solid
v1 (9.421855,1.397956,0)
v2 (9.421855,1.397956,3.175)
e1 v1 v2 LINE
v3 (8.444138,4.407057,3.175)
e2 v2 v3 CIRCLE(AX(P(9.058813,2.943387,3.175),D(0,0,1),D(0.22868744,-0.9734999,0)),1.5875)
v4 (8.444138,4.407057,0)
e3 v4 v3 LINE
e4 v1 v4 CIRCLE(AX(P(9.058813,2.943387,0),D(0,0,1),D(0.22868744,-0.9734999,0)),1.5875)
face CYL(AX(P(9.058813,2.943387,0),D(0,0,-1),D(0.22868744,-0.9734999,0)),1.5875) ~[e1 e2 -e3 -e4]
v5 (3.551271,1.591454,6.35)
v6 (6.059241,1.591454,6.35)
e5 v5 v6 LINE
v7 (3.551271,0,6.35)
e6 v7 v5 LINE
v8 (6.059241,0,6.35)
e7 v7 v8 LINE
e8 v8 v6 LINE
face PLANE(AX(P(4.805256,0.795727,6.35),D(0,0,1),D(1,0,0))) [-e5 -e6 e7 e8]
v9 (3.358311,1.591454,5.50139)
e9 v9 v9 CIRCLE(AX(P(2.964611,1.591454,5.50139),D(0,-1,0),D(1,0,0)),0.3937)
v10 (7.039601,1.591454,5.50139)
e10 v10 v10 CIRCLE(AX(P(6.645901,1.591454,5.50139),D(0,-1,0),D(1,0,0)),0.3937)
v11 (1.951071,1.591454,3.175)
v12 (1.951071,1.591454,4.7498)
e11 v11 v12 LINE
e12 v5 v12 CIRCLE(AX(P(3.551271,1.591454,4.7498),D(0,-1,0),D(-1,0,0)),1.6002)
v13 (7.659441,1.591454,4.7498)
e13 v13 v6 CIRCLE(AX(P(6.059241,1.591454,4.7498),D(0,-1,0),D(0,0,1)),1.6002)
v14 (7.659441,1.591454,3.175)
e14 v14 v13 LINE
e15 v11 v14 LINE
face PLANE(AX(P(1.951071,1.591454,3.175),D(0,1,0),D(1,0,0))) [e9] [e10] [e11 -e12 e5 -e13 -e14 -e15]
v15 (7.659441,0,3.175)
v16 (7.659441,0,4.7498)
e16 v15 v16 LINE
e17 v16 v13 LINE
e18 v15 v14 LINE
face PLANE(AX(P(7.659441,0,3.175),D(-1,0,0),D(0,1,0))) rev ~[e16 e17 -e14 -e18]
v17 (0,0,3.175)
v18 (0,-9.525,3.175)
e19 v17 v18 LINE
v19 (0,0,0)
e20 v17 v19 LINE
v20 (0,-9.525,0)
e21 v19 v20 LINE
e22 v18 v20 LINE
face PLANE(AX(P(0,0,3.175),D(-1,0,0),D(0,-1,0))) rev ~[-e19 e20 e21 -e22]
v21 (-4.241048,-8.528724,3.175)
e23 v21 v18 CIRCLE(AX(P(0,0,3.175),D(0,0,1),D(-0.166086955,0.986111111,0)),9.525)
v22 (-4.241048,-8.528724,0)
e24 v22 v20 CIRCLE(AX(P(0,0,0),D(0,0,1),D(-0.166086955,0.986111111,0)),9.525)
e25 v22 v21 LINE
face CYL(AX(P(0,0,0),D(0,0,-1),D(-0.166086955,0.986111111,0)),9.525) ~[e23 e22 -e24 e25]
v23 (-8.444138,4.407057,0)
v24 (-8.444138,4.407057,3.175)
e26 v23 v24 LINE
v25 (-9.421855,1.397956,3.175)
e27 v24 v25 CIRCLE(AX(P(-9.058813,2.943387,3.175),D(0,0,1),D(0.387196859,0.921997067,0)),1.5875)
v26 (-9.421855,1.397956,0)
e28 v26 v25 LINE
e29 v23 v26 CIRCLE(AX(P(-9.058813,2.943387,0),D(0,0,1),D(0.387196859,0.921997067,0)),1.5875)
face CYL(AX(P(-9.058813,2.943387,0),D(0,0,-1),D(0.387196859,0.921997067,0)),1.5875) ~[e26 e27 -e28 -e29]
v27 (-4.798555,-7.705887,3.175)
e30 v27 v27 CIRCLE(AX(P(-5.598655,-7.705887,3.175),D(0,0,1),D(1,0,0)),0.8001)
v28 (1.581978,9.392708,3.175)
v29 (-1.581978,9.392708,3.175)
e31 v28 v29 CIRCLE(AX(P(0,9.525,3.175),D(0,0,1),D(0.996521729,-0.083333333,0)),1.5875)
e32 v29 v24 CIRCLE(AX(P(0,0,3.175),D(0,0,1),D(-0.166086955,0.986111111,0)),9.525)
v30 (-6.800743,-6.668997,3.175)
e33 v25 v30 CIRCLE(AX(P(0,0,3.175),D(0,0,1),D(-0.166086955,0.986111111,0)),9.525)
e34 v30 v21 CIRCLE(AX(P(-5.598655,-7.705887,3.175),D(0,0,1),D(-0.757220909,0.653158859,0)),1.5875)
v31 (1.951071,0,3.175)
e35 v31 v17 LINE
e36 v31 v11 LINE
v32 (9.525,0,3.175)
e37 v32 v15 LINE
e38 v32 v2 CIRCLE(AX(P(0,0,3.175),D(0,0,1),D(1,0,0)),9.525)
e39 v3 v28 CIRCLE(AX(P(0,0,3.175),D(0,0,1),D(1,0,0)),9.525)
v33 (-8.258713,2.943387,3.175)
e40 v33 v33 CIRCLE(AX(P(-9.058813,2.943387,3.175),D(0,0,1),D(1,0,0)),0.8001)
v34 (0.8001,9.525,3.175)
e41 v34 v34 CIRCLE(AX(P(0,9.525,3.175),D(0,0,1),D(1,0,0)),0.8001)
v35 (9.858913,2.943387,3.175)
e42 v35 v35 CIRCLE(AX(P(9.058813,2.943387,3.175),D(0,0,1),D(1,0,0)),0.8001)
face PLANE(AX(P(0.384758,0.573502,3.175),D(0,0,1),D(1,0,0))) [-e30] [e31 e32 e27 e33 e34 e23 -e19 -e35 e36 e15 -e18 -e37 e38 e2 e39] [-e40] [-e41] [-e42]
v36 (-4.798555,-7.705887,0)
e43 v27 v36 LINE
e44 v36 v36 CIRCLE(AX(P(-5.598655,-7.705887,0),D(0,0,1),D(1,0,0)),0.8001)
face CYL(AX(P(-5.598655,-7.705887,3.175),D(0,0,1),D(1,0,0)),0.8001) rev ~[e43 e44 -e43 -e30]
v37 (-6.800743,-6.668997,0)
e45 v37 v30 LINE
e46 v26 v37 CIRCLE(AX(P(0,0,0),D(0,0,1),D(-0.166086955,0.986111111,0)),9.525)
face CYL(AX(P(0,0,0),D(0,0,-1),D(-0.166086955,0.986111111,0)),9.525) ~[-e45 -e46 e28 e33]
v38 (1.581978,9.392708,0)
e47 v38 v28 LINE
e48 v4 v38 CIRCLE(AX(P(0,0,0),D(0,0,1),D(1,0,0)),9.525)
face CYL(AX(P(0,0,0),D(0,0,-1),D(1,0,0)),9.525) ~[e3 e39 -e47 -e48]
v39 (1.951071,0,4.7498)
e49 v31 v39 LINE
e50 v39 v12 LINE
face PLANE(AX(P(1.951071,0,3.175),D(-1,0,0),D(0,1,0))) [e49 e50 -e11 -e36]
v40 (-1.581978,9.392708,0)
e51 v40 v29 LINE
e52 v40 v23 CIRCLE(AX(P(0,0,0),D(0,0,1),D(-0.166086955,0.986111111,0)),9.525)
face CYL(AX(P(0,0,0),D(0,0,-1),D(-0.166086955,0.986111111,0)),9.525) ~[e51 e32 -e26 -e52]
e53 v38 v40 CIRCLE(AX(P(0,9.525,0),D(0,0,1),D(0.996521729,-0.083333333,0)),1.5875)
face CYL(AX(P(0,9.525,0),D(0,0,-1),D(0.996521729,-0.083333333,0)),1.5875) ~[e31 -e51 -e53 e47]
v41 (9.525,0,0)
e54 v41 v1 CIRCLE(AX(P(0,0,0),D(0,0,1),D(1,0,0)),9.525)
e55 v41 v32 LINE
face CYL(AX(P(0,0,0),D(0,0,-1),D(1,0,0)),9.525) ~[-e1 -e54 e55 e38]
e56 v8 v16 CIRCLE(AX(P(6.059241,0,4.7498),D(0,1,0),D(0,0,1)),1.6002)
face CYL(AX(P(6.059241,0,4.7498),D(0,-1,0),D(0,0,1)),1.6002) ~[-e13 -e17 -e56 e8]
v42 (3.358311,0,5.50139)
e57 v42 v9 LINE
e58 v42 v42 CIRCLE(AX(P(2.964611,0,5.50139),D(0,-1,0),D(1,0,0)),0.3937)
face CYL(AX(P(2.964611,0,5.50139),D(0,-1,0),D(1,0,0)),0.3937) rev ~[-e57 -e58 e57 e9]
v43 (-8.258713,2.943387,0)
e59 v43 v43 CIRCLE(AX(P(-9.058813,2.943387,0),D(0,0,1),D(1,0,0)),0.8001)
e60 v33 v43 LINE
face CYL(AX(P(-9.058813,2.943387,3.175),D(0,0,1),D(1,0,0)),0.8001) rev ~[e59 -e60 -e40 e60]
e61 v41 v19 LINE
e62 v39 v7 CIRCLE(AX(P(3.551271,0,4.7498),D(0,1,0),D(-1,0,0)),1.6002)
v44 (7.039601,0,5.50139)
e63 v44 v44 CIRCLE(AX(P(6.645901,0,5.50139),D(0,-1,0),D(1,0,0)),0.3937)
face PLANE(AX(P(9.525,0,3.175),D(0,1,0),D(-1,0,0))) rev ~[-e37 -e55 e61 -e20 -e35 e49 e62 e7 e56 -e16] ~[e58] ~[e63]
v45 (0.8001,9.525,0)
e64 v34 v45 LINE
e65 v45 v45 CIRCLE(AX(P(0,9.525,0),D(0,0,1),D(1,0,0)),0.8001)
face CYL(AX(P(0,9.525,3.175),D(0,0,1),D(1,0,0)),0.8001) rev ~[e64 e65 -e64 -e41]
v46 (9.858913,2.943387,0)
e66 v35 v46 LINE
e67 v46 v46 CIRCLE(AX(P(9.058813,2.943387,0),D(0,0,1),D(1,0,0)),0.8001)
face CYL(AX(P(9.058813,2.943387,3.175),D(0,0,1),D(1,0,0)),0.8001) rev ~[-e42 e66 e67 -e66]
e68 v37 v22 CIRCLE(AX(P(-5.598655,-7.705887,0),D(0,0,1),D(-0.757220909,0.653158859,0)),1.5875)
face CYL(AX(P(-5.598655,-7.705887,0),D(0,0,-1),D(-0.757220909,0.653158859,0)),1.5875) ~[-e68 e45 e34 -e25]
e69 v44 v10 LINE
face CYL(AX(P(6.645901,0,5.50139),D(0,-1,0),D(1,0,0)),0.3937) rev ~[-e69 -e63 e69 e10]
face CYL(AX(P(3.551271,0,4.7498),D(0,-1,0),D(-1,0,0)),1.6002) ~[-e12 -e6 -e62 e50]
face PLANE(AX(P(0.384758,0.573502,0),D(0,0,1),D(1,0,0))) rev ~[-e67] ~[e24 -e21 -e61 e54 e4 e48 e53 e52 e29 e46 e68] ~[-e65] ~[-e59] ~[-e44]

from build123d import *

# Parameters (mm, degrees)
F2_DEPTH  = 3.175
F4_DEPTH  = 3.175
F5_R      = 0.8001
F6_DEPTH  = 3.2004
F7_R      = 0.8001
F8_DEPTH  = 25.4
F9_W      = 5.7083697757
F9_H      = 1.5914540656
F10_DEPTH = 3.175
F12_DEPTH = 25.4
F13_R     = 0.3937
F14_DEPTH = 25.4


with BuildPart() as f2:
    # F1 (on face) → F2 (new body)
    with BuildSketch(Plane.XY):
        with BuildLine():
            ThreePointArc((-1.5819782441, 9.3927083333), (-6.1504992572, -7.2730312723), (9.525, 0))
            ThreePointArc((9.525, 0), (7.2730312723, 6.1504992572), (1.5819782441, 9.3927083333))
            ThreePointArc((1.5819782441, 9.3927083333), (1.191708121, 9.4501564407), (0.7993940003, 9.4913958))
            ThreePointArc((0.7993940003, 9.4913958), (0, 8.7249), (-0.7993940003, 9.4913958))
            ThreePointArc((-0.7993940003, 9.4913958), (-1.191708121, 9.4501564407), (-1.5819782441, 9.3927083333))
        make_face()
        with BuildLine():
            ThreePointArc((0.7993940003, 9.4913958), (1.191708121, 9.4501564407), (1.5819782441, 9.3927083333))
            ThreePointArc((1.5819782441, 9.3927083333), (0, 11.1125), (-1.5819782441, 9.3927083333))
            ThreePointArc((-1.5819782441, 9.3927083333), (-1.191708121, 9.4501564407), (-0.7993940003, 9.4913958))
            ThreePointArc((-0.7993940003, 9.4913958), (-0.0168058077, 10.3249234806), (0.8001, 9.525))
            ThreePointArc((0.8001, 9.525), (0.7999234806, 9.5081941923), (0.7993940003, 9.4913958))
        make_face()
    extrude(amount=F2_DEPTH)

    # F3 (on Top) → F4 (join)
    with BuildSketch(Plane.XY):
        with BuildLine():
            ThreePointArc((0.7993940003, 9.4913958), (1.191708121, 9.4501564407), (1.5819782441, 9.3927083333))
            ThreePointArc((1.5819782441, 9.3927083333), (0, 11.1125), (-1.5819782441, 9.3927083333))
            ThreePointArc((-1.5819782441, 9.3927083333), (-1.191708121, 9.4501564407), (-0.7993940003, 9.4913958))
            ThreePointArc((-0.7993940003, 9.4913958), (-0.0168058077, 10.3249234806), (0.8001, 9.525))
            ThreePointArc((0.8001, 9.525), (0.7999234806, 9.5081941923), (0.7993940003, 9.4913958))
        make_face()
        with BuildLine():
            ThreePointArc((-0.7993940003, 9.4913958), (0, 9.525), (0.7993940003, 9.4913958))
            ThreePointArc((0.7993940003, 9.4913958), (0.7999234806, 9.5081941923), (0.8001, 9.525))
            ThreePointArc((0.8001, 9.525), (-0.0168058077, 10.3249234806), (-0.7993940003, 9.4913958))
        make_face()
        with BuildLine():
            ThreePointArc((4.2410481532, -8.5287241462), (6.5317636161, -8.99020135), (6.8007427217, -6.6689971835))
            ThreePointArc((6.8007427217, -6.6689971835), (6.51877471, -6.9448687015), (6.2256258064, -7.2088284984))
            ThreePointArc((6.2256258064, -7.2088284984), (6.3542336867, -7.4427136488), (6.3987545281, -7.7058868714))
            ThreePointArc((6.3987545281, -7.7058868714), (5.8298612048, -8.4718525904), (4.9321791435, -8.1485725067))
            ThreePointArc((4.9321791435, -8.1485725067), (4.5905504655, -8.3458056186), (4.2410481532, -8.5287241462))
        make_face()
        with BuildLine():
            ThreePointArc((4.9321791435, -8.1485725067), (5.5986545281, -7.7058868714), (6.2256258064, -7.2088284984))
            ThreePointArc((6.2256258064, -7.2088284984), (5.1283675477, -7.0585923742), (4.9321791435, -8.1485725067))
        make_face()
        with BuildLine():
            ThreePointArc((9.4218546282, 1.3979557805), (10.5686155373, 3.43395135), (8.4441383039, 4.4070572159))
            ThreePointArc((8.4441383039, 4.4070572159), (8.6193748012, 4.0536407137), (8.779827493, 3.6932714756))
            ThreePointArc((8.779827493, 3.6932714756), (9.5154003585, 3.6004167674), (9.8589133177, 2.9433868714))
            ThreePointArc((9.8589133177, 2.9433868714), (9.6960868018, 2.4596074625), (9.2738801556, 2.1727337295))
            ThreePointArc((9.2738801556, 2.1727337295), (9.3558909247, 1.7868771657), (9.4218546282, 1.3979557805))
        make_face()
        with BuildLine():
            ThreePointArc((9.2738801556, 2.1727337295), (9.0588133177, 2.9433868714), (8.779827493, 3.6932714756))
            ThreePointArc((8.779827493, 3.6932714756), (8.297872999, 2.6961423742), (9.2738801556, 2.1727337295))
        make_face()
        with BuildLine():
            ThreePointArc((-8.2587133177, 2.9433868714), (-8.4017834218, 3.3999739122), (-8.779827493, 3.6932714756))
            ThreePointArc((-8.779827493, 3.6932714756), (-9.0588133177, 2.9433868714), (-9.2738801556, 2.1727337295))
            ThreePointArc((-9.2738801556, 2.1727337295), (-8.5750339088, 2.3061133873), (-8.2587133177, 2.9433868714))
        make_face()
        with BuildLine():
            ThreePointArc((-6.2256258064, -7.2088284984), (-6.51877471, -6.9448687015), (-6.8007427217, -6.6689971835))
            ThreePointArc((-6.8007427217, -6.6689971835), (-6.5317636161, -8.99020135), (-4.2410481532, -8.5287241462))
            ThreePointArc((-4.2410481532, -8.5287241462), (-4.5905504655, -8.3458056186), (-4.9321791435, -8.1485725067))
            ThreePointArc((-4.9321791435, -8.1485725067), (-6.0689415084, -8.3531813686), (-6.2256258064, -7.2088284984))
        make_face()
        with BuildLine():
            ThreePointArc((-4.7985545281, -7.7058868714), (-5.3354813054, -6.9503077128), (-6.2256258064, -7.2088284984))
            ThreePointArc((-6.2256258064, -7.2088284984), (-5.5986545281, -7.7058868714), (-4.9321791435, -8.1485725067))
            ThreePointArc((-4.9321791435, -8.1485725067), (-4.8326888091, -7.9370935482), (-4.7985545281, -7.7058868714))
        make_face()
        with BuildLine():
            ThreePointArc((-0.7993940003, 9.4913958), (0, 8.7249), (0.7993940003, 9.4913958))
            ThreePointArc((0.7993940003, 9.4913958), (0, 9.525), (-0.7993940003, 9.4913958))
        make_face()
        with BuildLine():
            ThreePointArc((6.3987545281, -7.7058868714), (6.3542336867, -7.4427136488), (6.2256258064, -7.2088284984))
            ThreePointArc((6.2256258064, -7.2088284984), (5.5986545281, -7.7058868714), (4.9321791435, -8.1485725067))
            ThreePointArc((4.9321791435, -8.1485725067), (5.8298612048, -8.4718525904), (6.3987545281, -7.7058868714))
        make_face()
        with BuildLine():
            ThreePointArc((9.8589133177, 2.9433868714), (9.5154003585, 3.6004167674), (8.779827493, 3.6932714756))
            ThreePointArc((8.779827493, 3.6932714756), (9.0588133177, 2.9433868714), (9.2738801556, 2.1727337295))
            ThreePointArc((9.2738801556, 2.1727337295), (9.6960868018, 2.4596074625), (9.8589133177, 2.9433868714))
        make_face()
        with BuildLine():
            ThreePointArc((-9.2738801556, 2.1727337295), (-9.0588133177, 2.9433868714), (-8.779827493, 3.6932714756))
            ThreePointArc((-8.779827493, 3.6932714756), (-9.8197536364, 3.1906313686), (-9.2738801556, 2.1727337295))
        make_face()
        with BuildLine():
            ThreePointArc((-4.9321791435, -8.1485725067), (-5.5986545281, -7.7058868714), (-6.2256258064, -7.2088284984))
            ThreePointArc((-6.2256258064, -7.2088284984), (-6.0689415084, -8.3531813686), (-4.9321791435, -8.1485725067))
        make_face()
        with BuildLine():
            ThreePointArc((-8.779827493, 3.6932714756), (-8.6193748012, 4.0536407137), (-8.4441383039, 4.4070572159))
            ThreePointArc((-8.4441383039, 4.4070572159), (-10.5686155373, 3.43395135), (-9.4218546282, 1.3979557805))
            ThreePointArc((-9.4218546282, 1.3979557805), (-9.3558909247, 1.7868771657), (-9.2738801556, 2.1727337295))
            ThreePointArc((-9.2738801556, 2.1727337295), (-9.8197536364, 3.1906313686), (-8.779827493, 3.6932714756))
        make_face()
    extrude(amount=F4_DEPTH)

    # F5 (on face) → F6 (cut)
    with BuildSketch(Plane.XY.offset(3.175)):
        with Locations((0, 9.525)):
            Circle(F5_R)
        with Locations((-9.0588133177, 2.9433868714)):
            Circle(F5_R)
        with Locations((-5.5986545281, -7.7058868714)):
            Circle(F5_R)
        with Locations((5.5986545281, -7.7058868714)):
            Circle(F5_R)
        with Locations((9.0588133177, 2.9433868714)):
            Circle(F5_R)
    extrude(amount=-F6_DEPTH, mode=Mode.SUBTRACT)

    # F7 (on face) → F8 (cut)
    with BuildSketch(Plane.XY.offset(3.175)):
        with BuildLine():
            ThreePointArc((6.8007427217, -6.6689971835), (8.8176725791, -3.6019821332), (9.525, 0))
            Line((9.525, 0), (0, 0))
            Line((0, 0), (0, -9.525))
            ThreePointArc((0, -9.525), (2.1782478632, -9.2725865456), (4.2410481532, -8.5287241462))
            ThreePointArc((4.2410481532, -8.5287241462), (6.5317636161, -8.99020135), (6.8007427217, -6.6689971835))
        make_face()
        with Locations((5.5986545281, -7.7058868714)):
            Circle(F7_R, mode=Mode.SUBTRACT)
    extrude(amount=-F8_DEPTH, mode=Mode.SUBTRACT)

    # F9 (on face) → F10 (join)
    with BuildSketch(Plane.XY.offset(3.175)):
        with Locations((4.8052559723, 0.7957270328)):
            Rectangle(F9_W, F9_H)
    extrude(amount=F10_DEPTH)

    # F11 (on face) → F12 (cut)
    with BuildSketch(Plane.XZ):
        with BuildLine():
            Line((1.9510710845, 6.35), (1.9510710845, 4.7498))
            ThreePointArc((1.9510710845, 4.7498), (2.4197588132, 5.8813122713), (3.5512710845, 6.35))
            Line((3.5512710845, 6.35), (1.9510710845, 6.35))
        make_face()
        with BuildLine():
            Line((7.6594408602, 6.35), (6.0592408602, 6.35))
            ThreePointArc((6.0592408602, 6.35), (7.1907531314, 5.8813122713), (7.6594408602, 4.7498))
            Line((7.6594408602, 4.7498), (7.6594408602, 6.35))
        make_face()
    extrude(amount=-F12_DEPTH, mode=Mode.SUBTRACT)

    # F13 (on face) → F14 (cut)
    with BuildSketch(Plane.XZ):
        with Locations((6.645900663, 5.5013904348)):
            Circle(F13_R)
        with Locations((2.9646112816, 5.5013904348)):
            Circle(F13_R)
    extrude(amount=-F14_DEPTH, mode=Mode.SUBTRACT)


solid = f2.part
